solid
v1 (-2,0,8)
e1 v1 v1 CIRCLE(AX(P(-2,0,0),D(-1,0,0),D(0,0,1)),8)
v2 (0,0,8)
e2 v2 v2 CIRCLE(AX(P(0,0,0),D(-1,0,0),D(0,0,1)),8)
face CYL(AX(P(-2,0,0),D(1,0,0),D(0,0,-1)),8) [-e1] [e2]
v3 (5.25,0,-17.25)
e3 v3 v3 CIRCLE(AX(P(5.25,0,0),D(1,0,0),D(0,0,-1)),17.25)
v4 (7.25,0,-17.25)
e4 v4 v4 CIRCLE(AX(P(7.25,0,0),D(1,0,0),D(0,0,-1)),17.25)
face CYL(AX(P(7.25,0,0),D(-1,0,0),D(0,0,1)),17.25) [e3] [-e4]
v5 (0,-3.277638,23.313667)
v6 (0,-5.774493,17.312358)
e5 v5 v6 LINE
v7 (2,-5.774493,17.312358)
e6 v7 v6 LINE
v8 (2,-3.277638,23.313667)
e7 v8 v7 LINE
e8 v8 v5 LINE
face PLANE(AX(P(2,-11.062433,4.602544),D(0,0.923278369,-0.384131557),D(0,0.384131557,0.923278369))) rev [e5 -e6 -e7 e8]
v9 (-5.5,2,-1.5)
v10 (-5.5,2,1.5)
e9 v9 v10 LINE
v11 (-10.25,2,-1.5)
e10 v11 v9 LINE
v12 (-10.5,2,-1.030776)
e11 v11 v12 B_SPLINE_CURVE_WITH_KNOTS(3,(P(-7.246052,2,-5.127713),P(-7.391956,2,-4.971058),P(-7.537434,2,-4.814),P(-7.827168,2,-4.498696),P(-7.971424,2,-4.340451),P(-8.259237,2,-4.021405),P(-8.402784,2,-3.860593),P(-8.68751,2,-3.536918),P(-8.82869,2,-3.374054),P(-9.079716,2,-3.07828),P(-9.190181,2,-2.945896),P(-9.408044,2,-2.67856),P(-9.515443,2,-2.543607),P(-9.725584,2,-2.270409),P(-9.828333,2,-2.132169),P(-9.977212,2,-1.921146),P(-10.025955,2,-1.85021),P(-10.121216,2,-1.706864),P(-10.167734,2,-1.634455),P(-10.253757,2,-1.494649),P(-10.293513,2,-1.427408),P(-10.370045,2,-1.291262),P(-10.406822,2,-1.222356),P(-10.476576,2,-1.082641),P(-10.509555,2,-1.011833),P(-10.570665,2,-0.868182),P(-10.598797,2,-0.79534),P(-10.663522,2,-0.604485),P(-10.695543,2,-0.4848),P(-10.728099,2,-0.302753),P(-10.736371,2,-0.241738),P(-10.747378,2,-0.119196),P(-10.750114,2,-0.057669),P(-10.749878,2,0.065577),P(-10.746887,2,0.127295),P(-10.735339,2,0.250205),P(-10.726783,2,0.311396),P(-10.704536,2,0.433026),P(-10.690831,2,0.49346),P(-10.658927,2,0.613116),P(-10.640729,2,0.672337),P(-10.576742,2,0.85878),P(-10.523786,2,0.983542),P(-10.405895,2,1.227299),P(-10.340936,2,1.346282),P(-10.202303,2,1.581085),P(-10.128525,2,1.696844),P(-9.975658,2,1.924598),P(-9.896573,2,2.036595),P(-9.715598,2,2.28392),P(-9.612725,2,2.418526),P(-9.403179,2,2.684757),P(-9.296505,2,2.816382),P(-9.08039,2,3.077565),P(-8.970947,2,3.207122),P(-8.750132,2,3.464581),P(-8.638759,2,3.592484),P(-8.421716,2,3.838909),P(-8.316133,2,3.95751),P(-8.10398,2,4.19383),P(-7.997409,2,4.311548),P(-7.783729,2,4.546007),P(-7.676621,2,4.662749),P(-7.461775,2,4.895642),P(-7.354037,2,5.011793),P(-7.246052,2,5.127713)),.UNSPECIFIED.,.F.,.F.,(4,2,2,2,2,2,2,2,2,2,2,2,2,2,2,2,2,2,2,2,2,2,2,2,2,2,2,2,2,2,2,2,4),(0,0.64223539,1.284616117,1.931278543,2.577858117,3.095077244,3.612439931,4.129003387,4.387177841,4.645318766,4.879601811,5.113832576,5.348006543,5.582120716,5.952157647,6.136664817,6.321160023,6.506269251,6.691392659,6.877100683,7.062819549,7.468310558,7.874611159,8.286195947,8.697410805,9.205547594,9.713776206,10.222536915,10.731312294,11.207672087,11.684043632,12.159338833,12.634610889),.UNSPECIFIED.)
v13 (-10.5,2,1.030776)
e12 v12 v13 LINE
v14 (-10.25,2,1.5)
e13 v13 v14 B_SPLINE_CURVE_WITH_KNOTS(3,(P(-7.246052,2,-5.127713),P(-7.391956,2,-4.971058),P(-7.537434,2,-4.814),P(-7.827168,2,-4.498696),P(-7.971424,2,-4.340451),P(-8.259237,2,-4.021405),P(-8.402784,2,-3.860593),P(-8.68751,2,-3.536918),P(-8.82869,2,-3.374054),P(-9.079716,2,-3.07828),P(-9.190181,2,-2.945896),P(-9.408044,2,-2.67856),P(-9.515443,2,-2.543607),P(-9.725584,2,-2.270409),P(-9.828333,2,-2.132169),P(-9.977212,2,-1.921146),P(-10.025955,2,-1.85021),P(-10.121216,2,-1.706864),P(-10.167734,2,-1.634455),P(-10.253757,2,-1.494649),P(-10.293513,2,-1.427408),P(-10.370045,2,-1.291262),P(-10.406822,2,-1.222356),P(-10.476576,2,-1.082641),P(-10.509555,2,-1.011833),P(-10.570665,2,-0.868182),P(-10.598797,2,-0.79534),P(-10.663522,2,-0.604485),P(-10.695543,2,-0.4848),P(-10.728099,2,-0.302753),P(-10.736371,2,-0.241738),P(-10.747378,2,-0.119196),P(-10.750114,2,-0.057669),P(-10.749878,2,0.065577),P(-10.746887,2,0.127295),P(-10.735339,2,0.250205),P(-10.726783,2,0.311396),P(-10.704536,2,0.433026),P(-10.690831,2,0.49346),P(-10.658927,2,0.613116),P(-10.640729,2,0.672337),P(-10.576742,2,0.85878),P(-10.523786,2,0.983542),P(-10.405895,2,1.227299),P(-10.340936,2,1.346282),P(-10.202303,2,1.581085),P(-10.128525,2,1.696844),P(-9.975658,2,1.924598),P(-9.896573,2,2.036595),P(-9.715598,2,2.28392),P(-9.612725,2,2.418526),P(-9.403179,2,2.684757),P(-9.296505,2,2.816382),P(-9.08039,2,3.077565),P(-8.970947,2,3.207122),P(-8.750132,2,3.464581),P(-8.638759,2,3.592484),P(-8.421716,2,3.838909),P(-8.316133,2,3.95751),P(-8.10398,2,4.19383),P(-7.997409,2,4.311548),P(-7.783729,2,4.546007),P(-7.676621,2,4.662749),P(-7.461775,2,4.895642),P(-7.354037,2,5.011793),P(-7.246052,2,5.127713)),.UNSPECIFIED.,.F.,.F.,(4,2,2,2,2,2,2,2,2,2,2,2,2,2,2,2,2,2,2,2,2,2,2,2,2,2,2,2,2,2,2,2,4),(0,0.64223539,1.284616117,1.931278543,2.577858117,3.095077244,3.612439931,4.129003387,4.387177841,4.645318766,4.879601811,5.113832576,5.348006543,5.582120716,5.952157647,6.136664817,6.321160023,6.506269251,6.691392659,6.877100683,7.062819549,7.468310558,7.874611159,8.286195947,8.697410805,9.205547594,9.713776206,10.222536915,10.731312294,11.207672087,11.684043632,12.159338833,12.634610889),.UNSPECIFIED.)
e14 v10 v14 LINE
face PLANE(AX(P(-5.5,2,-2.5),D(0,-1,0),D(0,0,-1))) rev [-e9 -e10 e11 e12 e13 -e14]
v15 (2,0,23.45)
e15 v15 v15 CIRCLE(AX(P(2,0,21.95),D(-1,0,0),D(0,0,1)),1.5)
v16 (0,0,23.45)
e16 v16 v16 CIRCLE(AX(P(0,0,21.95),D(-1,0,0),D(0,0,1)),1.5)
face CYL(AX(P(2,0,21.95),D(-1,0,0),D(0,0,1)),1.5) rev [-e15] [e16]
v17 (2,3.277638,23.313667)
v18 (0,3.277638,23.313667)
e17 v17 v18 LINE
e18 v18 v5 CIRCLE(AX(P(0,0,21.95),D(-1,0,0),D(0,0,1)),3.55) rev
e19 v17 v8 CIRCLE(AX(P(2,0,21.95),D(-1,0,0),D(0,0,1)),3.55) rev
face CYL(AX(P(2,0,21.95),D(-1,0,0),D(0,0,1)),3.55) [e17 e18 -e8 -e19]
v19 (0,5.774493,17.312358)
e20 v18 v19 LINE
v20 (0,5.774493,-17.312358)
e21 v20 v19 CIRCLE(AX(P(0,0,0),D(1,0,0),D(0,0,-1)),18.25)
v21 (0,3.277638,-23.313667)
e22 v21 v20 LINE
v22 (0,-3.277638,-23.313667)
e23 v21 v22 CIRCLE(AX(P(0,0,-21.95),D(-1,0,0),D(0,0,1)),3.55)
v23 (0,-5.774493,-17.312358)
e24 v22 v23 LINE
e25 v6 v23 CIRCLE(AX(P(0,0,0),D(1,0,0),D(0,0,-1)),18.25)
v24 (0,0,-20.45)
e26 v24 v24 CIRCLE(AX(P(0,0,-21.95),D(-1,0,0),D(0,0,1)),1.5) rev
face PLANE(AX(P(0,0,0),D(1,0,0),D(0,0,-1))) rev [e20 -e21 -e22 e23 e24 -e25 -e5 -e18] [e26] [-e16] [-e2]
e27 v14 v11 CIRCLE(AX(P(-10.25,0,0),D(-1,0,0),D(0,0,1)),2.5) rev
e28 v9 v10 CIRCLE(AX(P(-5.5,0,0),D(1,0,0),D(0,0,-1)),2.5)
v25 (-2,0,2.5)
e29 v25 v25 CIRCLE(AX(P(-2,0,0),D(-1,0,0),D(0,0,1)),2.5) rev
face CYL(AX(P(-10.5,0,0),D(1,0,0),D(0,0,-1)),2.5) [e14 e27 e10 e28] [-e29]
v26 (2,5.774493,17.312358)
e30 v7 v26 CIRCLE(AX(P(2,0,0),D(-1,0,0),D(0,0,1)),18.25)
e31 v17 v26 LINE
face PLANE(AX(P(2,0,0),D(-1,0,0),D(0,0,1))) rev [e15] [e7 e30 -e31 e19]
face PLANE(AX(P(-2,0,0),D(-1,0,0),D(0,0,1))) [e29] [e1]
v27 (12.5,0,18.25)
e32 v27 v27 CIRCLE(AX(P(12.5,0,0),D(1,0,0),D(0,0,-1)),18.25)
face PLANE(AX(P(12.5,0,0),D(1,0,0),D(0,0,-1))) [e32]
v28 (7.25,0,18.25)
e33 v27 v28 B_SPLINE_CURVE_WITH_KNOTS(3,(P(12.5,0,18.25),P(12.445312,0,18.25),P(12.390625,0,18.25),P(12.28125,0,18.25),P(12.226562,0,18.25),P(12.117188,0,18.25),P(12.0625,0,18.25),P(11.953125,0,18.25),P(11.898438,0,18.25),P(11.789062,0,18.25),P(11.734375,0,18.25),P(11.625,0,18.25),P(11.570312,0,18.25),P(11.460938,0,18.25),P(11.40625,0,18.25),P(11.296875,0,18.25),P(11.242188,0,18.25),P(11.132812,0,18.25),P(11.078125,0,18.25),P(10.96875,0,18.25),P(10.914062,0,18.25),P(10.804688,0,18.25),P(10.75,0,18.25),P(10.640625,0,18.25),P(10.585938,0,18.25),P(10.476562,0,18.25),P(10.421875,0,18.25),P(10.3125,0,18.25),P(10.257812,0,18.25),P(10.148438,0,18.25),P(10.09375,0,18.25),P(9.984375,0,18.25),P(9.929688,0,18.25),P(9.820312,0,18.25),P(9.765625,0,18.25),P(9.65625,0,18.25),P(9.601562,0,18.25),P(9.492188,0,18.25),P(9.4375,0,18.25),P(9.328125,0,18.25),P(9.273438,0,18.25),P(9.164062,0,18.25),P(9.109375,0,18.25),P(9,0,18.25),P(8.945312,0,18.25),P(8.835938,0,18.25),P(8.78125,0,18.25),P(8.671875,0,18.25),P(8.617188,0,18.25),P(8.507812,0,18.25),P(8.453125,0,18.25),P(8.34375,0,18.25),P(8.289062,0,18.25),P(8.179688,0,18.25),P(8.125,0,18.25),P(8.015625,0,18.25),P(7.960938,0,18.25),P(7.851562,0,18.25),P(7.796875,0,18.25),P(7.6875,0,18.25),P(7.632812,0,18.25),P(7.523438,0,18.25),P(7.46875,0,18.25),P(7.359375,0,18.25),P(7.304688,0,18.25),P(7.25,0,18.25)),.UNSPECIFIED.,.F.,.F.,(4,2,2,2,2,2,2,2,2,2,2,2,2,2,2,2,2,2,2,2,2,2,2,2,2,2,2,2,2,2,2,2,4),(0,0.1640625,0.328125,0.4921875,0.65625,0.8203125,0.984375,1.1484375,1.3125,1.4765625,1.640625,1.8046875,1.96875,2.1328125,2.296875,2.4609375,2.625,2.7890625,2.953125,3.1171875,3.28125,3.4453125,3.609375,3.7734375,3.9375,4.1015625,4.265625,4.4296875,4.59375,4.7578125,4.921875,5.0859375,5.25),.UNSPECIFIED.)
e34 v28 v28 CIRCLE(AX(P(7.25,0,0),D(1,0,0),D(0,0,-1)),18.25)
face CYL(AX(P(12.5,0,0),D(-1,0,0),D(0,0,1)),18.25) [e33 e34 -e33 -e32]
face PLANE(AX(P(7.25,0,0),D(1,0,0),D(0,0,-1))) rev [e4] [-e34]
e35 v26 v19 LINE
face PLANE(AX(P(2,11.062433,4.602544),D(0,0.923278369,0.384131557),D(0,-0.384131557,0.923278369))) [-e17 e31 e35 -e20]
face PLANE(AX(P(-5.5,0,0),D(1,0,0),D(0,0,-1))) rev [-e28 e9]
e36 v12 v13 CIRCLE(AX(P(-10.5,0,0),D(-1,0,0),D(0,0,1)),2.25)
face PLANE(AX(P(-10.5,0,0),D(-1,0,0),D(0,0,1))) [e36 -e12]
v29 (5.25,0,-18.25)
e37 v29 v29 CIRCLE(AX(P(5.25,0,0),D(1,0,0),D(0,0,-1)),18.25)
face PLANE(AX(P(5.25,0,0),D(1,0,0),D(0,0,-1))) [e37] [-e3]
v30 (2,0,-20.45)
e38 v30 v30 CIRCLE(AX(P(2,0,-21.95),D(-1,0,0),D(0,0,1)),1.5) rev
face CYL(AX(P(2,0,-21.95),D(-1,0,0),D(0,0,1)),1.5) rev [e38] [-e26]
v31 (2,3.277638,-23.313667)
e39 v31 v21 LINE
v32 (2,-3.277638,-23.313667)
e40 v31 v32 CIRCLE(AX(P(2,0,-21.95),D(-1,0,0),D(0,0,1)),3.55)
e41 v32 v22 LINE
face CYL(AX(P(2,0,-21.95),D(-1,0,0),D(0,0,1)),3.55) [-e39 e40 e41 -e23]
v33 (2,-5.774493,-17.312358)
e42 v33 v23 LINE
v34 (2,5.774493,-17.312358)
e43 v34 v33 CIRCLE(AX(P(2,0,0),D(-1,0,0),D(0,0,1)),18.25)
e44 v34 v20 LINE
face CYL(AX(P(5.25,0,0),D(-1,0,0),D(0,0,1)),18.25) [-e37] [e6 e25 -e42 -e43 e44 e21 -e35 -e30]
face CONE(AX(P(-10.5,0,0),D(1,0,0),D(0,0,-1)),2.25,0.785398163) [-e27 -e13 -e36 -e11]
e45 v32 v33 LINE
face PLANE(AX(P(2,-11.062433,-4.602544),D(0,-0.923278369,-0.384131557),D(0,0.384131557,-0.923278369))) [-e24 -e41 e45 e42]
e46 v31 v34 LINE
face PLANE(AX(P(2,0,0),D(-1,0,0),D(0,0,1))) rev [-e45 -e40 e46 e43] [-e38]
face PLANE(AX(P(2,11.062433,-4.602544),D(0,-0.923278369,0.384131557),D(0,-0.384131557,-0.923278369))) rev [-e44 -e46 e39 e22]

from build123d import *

# Parameters (mm, degrees)
ESQUISSE2_R             = 18.25
BOSS_EXTRU_1_DEPTH      = 5.25
ESQUISSE3_R             = 17.25
BOSS_EXTRU_2_DEPTH      = 2
ESQUISSE4_R             = 18.25
BOSS_EXTRU_3_DEPTH      = 5.25
ESQUISSE6_R             = 1.5
BOSS_EXTRU_4_DEPTH      = 2
ESQUISSE7_R             = 8
BOSS_EXTRU_5_DEPTH      = 2
ESQUISSE8_R             = 2.5
BOSS_EXTRU_6_DEPTH      = 10.5
CHANFREIN1_SIZE         = 0.25
ESQUISSE9_W             = 5
ESQUISSE9_H             = 1
ENL_V_MAT_EXTRU_1_DEPTH = 5


with BuildPart() as part:
    # Esquisse2 → Boss.-Extru.1 (new body)
    with BuildSketch(Plane(origin=(0, 0, 0), x_dir=(0, 0, -1), z_dir=(1, 0, 0))):
        with Locations(Location((0, 0, 0), (0, 0, 180))):
            Circle(ESQUISSE2_R)
    extrude(amount=BOSS_EXTRU_1_DEPTH)

    # Esquisse3 → Boss.-Extru.2 (add)
    with BuildSketch(Plane(origin=(5.25, 0, 0), x_dir=(0, 0, -1), z_dir=(1, 0, 0))):
        Circle(ESQUISSE3_R)
    extrude(amount=BOSS_EXTRU_2_DEPTH)

    # Esquisse4 → Boss.-Extru.3 (add)
    with BuildSketch(Plane(origin=(7.25, 0, 0), x_dir=(0, 0, -1), z_dir=(1, 0, 0))):
        with Locations(Location((0, 0, 0), (0, 0, 180))):
            Circle(ESQUISSE4_R)
    extrude(amount=BOSS_EXTRU_3_DEPTH)

    # Esquisse6 → Boss.-Extru.4 (add)
    # profile 1 of 2: a face of its own
    with BuildSketch(Plane.ZY):
        with BuildLine():
            ThreePointArc((23.313667029, -3.27763821), (25.5, 0), (23.313667029, 3.27763821))
            Line((23.313667029, 3.27763821), (17.312357631, 5.774493333))
            ThreePointArc((17.312357631, 5.774493333), (18.014064322, 2.925061814), (18.25, 0))
            ThreePointArc((18.25, 0), (18.014064322, -2.925061814), (17.312357631, -5.774493333))
            Line((17.312357631, -5.774493333), (23.313667029, -3.27763821))
        make_face()
        with Locations((21.95, 0)):
            Circle(ESQUISSE6_R, mode=Mode.SUBTRACT)
    # profile 2 of 2: a face of its own
    with BuildSketch(Plane.ZY):
        with BuildLine():
            ThreePointArc((-17.312357631, -5.774493333), (-18.25, 0), (-17.312357631, 5.774493333))
            Line((-17.312357631, 5.774493333), (-23.313667029, 3.27763821))
            ThreePointArc((-23.313667029, 3.27763821), (-25.5, 0), (-23.313667029, -3.27763821))
            Line((-23.313667029, -3.27763821), (-17.312357631, -5.774493333))
        make_face()
        with Locations((-21.95, 0)):
            Circle(ESQUISSE6_R, mode=Mode.SUBTRACT)
    extrude(amount=-BOSS_EXTRU_4_DEPTH)

    # Esquisse7 → Boss.-Extru.5 (add)
    with BuildSketch(Plane.ZY):
        Circle(ESQUISSE7_R)
    extrude(amount=BOSS_EXTRU_5_DEPTH)

    # Esquisse8 → Boss.-Extru.6 (add)
    with BuildSketch(Plane.ZY):
        with Locations(Location((0, 0, 0), (0, 0, 180))):
            Circle(ESQUISSE8_R)
    extrude(amount=BOSS_EXTRU_6_DEPTH)

    # Chanfrein1
    chanfrein1_edges = [part.edges().sort_by_distance(p)[0] for p in [
        (-10.5, 0, 2.5),
    ]]
    chamfer(chanfrein1_edges, length=CHANFREIN1_SIZE)

    # Esquisse9 → Enlèv. mat.-Extru.1 (cut)
    with BuildSketch(Plane.ZY.offset(10.5)):
        with Locations((0, 2.5)):
            Rectangle(ESQUISSE9_W, ESQUISSE9_H)
    extrude(amount=-ENL_V_MAT_EXTRU_1_DEPTH, mode=Mode.SUBTRACT)


solid = part.part
